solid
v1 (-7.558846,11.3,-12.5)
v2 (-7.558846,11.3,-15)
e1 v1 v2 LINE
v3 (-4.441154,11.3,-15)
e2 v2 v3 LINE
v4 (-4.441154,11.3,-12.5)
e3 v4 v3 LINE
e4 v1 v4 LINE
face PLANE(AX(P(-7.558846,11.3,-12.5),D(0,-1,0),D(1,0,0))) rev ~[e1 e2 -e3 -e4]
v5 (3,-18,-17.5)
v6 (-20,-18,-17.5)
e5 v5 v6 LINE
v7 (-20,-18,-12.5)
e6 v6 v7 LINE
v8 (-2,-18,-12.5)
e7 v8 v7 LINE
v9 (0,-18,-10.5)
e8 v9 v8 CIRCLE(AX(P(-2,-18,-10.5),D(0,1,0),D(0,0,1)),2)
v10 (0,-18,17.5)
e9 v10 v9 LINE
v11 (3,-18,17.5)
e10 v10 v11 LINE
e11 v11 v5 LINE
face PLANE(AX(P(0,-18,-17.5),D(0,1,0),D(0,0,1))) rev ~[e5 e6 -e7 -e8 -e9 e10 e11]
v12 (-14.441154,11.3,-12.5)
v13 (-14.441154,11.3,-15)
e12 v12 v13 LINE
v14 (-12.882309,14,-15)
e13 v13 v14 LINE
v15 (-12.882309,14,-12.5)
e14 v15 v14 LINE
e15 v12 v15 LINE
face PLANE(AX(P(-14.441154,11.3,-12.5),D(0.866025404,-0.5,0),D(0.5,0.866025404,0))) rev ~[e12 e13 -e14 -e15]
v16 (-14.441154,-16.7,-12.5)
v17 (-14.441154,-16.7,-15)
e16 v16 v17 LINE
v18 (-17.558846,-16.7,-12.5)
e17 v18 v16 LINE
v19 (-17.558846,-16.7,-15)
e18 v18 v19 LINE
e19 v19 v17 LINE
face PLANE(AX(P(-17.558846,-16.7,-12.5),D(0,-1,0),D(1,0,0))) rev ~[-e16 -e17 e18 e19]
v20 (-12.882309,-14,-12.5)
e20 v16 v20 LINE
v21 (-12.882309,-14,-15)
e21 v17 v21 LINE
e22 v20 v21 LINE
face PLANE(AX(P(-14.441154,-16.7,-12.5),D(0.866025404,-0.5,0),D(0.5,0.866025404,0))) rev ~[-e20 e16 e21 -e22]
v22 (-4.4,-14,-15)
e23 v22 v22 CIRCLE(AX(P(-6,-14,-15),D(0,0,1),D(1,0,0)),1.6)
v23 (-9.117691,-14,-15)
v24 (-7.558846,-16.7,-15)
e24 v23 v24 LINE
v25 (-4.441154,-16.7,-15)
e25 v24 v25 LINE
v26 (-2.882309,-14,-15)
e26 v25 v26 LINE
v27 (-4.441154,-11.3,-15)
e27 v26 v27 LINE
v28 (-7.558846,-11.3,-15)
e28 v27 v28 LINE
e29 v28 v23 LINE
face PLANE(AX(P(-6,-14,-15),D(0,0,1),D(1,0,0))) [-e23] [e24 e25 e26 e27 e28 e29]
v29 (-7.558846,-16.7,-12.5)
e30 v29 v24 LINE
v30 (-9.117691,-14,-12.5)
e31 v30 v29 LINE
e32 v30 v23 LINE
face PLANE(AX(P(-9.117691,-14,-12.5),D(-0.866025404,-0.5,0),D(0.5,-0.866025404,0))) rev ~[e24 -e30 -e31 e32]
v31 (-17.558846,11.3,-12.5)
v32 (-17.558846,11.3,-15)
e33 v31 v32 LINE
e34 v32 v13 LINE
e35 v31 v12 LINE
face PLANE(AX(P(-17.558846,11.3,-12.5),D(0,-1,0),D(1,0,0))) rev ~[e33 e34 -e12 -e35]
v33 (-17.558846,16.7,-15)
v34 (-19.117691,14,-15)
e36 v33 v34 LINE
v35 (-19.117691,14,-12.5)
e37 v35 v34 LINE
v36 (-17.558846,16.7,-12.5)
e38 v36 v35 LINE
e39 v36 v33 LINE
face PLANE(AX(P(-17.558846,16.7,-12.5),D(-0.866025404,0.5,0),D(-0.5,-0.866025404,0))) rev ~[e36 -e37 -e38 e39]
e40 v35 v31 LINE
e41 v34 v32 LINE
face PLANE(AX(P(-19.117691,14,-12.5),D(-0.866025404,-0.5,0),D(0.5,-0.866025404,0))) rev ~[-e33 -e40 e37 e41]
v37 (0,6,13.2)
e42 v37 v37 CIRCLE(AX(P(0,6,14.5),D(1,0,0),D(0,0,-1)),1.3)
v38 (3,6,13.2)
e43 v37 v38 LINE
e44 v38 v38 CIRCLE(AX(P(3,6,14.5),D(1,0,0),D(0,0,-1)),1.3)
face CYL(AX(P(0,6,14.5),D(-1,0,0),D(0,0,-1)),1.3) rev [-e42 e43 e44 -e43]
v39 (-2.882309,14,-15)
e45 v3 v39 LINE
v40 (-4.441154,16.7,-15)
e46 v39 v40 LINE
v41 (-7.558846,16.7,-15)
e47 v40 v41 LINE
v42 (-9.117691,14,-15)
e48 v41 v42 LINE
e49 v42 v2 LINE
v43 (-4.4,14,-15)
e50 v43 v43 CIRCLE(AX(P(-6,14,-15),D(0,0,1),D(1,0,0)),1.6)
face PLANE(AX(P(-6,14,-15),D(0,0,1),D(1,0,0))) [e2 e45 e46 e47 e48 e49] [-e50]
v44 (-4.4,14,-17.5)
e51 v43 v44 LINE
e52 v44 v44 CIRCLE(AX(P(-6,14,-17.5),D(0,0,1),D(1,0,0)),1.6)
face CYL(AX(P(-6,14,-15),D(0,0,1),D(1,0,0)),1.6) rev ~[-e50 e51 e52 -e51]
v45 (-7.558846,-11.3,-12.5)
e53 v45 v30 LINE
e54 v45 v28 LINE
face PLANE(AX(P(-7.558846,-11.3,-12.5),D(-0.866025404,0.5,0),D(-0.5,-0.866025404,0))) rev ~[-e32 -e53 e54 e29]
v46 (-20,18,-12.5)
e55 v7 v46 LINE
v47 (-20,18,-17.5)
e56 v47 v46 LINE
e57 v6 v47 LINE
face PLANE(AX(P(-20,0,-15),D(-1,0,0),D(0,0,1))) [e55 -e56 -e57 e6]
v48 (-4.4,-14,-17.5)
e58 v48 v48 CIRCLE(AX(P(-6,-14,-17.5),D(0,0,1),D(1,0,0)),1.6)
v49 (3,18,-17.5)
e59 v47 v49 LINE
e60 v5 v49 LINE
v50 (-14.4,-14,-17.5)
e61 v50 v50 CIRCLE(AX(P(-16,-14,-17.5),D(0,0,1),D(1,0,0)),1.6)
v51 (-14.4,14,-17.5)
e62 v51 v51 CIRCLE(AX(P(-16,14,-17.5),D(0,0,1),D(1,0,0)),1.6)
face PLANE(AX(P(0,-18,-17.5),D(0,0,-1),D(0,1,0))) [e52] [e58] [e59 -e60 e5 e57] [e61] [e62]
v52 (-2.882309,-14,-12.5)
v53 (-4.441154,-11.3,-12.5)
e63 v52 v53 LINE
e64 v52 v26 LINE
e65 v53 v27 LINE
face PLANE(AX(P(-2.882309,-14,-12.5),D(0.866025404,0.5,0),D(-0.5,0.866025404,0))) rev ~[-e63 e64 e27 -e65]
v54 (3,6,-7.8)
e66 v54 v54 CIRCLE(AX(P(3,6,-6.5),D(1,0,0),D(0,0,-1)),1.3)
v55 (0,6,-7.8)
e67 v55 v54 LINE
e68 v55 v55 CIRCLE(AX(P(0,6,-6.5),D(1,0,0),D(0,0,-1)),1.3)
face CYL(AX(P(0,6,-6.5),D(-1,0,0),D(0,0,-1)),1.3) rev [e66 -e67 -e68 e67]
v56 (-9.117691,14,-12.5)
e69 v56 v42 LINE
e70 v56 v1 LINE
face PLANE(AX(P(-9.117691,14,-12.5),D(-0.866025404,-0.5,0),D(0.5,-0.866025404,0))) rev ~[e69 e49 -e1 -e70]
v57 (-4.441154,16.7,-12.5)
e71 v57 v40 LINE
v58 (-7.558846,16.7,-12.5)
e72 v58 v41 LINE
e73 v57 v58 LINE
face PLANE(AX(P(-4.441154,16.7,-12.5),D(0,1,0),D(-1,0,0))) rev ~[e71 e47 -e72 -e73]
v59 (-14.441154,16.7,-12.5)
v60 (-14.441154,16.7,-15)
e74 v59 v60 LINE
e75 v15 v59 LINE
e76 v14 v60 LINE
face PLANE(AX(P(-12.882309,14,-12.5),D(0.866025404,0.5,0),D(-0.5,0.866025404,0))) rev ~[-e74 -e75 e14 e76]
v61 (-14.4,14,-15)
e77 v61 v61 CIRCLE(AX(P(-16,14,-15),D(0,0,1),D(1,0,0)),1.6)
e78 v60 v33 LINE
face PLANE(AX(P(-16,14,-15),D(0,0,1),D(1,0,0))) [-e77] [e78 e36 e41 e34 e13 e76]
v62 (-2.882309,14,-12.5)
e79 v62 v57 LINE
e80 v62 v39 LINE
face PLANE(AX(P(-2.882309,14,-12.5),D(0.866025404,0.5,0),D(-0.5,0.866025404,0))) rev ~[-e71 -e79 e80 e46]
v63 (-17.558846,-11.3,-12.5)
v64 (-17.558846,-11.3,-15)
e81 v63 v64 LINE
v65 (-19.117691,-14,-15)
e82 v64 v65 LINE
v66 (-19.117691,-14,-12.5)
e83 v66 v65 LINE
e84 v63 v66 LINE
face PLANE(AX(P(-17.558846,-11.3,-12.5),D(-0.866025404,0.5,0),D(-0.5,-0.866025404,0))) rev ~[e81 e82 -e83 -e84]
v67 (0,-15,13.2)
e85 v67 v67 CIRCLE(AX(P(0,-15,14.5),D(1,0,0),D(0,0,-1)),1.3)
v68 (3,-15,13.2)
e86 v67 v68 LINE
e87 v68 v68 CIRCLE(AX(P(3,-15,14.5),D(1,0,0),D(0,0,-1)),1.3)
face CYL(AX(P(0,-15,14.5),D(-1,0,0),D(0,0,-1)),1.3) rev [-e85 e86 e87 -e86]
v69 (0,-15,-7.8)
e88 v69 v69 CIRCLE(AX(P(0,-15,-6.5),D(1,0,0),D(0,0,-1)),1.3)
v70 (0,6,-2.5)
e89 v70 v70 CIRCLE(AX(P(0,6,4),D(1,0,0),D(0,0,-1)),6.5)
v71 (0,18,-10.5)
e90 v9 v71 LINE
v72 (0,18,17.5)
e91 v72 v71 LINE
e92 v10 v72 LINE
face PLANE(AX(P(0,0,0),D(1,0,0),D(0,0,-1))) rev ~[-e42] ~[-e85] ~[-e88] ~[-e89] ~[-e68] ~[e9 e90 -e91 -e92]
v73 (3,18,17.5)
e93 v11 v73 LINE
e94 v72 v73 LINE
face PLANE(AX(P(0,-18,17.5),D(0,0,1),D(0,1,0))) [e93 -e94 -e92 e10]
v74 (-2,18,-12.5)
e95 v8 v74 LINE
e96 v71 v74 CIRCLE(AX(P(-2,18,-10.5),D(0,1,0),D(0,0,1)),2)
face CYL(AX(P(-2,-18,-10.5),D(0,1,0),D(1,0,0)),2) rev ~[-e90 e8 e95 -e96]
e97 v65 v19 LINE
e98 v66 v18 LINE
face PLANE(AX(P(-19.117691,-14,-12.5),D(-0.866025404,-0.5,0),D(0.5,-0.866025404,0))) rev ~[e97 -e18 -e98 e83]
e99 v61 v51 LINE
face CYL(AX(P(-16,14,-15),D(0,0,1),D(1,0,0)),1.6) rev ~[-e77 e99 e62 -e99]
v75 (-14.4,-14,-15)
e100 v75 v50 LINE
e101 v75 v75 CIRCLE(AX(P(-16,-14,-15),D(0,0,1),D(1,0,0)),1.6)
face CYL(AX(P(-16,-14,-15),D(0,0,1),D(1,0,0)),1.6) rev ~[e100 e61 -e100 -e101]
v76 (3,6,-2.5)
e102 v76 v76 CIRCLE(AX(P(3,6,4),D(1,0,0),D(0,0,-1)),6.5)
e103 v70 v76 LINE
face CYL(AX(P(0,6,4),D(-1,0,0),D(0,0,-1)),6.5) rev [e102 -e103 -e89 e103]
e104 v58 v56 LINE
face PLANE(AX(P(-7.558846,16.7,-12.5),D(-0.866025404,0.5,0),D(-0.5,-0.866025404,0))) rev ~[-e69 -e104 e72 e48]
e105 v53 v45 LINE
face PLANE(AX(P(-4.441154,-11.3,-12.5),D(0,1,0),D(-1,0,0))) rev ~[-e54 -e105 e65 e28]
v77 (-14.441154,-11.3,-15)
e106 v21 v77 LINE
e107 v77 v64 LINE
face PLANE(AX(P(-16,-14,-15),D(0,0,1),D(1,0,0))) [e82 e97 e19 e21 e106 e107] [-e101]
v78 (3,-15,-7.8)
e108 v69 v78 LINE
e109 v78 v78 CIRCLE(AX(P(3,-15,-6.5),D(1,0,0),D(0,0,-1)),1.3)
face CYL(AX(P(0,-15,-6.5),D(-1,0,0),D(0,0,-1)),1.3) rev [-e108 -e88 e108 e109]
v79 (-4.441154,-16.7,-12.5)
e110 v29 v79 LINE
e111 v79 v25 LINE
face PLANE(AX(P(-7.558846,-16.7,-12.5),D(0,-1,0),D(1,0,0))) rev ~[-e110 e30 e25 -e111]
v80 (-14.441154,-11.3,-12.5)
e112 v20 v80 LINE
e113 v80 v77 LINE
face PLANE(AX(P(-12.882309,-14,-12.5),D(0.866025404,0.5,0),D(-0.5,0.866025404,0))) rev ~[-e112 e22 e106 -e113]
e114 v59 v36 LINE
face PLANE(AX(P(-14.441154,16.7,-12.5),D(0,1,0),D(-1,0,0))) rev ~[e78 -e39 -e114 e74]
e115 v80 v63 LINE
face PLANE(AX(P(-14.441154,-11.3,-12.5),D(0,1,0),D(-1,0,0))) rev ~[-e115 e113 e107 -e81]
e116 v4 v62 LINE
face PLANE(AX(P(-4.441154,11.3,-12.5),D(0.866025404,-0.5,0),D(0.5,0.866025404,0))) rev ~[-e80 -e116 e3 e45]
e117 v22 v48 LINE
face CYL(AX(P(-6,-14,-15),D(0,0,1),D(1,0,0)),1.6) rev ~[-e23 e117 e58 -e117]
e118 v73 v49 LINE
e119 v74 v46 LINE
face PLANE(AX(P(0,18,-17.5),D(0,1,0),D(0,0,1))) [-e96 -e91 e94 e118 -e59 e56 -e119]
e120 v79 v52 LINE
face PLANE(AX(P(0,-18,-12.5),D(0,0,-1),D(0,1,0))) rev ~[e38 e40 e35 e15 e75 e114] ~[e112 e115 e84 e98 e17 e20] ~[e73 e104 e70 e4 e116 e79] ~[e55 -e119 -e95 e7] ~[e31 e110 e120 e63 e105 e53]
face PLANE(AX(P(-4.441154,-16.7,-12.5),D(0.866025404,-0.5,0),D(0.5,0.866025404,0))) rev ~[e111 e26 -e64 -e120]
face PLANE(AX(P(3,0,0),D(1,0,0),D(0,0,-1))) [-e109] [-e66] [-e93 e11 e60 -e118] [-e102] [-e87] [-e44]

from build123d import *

# Parameters (mm, degrees)
SKETCH_2_W          = 35
SKETCH_2_H          = 36
SKETCH_2_R          = 1.3
SKETCH_2_R_2        = 6.5
EXTRUDE_1_DEPTH     = 3
SKETCH_4_W          = 5
SKETCH_4_H          = 36
EXTRUDE_2_DEPTH     = 20
FILLET_1_R          = 2
CUT_EXTRUDE_1_DEPTH = 2.5
SKETCH_7_R          = 1.6
CUT_EXTRUDE_2_DEPTH = 10


with BuildPart() as part:
    # ｽｹｯﾁ2 → ﾎﾞｽ - 押し出し1 (new body)
    with BuildSketch(Plane(origin=(0, 0, 0), x_dir=(0, 0, -1), z_dir=(1, 0, 0))):
        Rectangle(SKETCH_2_W, SKETCH_2_H)
        with Locations((-14.5, 6)):
            Circle(SKETCH_2_R, mode=Mode.SUBTRACT)
        with Locations((6.5, 6)):
            Circle(SKETCH_2_R, mode=Mode.SUBTRACT)
        with Locations((-14.5, -15)):
            Circle(SKETCH_2_R, mode=Mode.SUBTRACT)
        with Locations((6.5, -15)):
            Circle(SKETCH_2_R, mode=Mode.SUBTRACT)
        with Locations((-4, 6)):
            Circle(SKETCH_2_R_2, mode=Mode.SUBTRACT)
    extrude(amount=EXTRUDE_1_DEPTH)

    # ｽｹｯﾁ4 → ﾎﾞｽ - 押し出し2 (add)
    with BuildSketch(Plane.ZY):
        with Locations((-15, 0)):
            Rectangle(SKETCH_4_W, SKETCH_4_H)
    extrude(amount=EXTRUDE_2_DEPTH)

    # ﾌｨﾚｯﾄ1
    fillet_1_edges = [part.edges().sort_by_distance(p)[0] for p in [
        (0, 0, -12.5),
    ]]
    fillet(fillet_1_edges, radius=FILLET_1_R)

    # ｽｹｯﾁ5 → ｶｯﾄ - 押し出し1 (cut)
    with BuildSketch(Plane.XY.offset(-12.5)):
        Polygon((-12.882308546, 14), (-14.441154273, 16.7), (-17.558845727, 16.7), (-19.117691454, 14), (-17.558845727, 11.3), (-14.441154273, 11.3), align=None)
        Polygon((-2.882308546, 14), (-4.441154273, 16.7), (-7.558845727, 16.7), (-9.117691454, 14), (-7.558845727, 11.3), (-4.441154273, 11.3), align=None)
        Polygon((-12.882308546, -14), (-14.441154273, -11.3), (-17.558845727, -11.3), (-19.117691454, -14), (-17.558845727, -16.7), (-14.441154273, -16.7), align=None)
        Polygon((-2.882308546, -14), (-4.441154273, -11.3), (-7.558845727, -11.3), (-9.117691454, -14), (-7.558845727, -16.7), (-4.441154273, -16.7), align=None)
    extrude(amount=-CUT_EXTRUDE_1_DEPTH, mode=Mode.SUBTRACT)

    # ｽｹｯﾁ7 → ｶｯﾄ - 押し出し2 (cut)
    with BuildSketch(Plane.XY.offset(-15)):
        with Locations((-16, 14)):
            Circle(SKETCH_7_R)
        with Locations((-6, 14)):
            Circle(SKETCH_7_R)
        with Locations((-16, -14)):
            Circle(SKETCH_7_R)
        with Locations((-6, -14)):
            Circle(SKETCH_7_R)
    extrude(amount=-CUT_EXTRUDE_2_DEPTH, mode=Mode.SUBTRACT)


solid = part.part
